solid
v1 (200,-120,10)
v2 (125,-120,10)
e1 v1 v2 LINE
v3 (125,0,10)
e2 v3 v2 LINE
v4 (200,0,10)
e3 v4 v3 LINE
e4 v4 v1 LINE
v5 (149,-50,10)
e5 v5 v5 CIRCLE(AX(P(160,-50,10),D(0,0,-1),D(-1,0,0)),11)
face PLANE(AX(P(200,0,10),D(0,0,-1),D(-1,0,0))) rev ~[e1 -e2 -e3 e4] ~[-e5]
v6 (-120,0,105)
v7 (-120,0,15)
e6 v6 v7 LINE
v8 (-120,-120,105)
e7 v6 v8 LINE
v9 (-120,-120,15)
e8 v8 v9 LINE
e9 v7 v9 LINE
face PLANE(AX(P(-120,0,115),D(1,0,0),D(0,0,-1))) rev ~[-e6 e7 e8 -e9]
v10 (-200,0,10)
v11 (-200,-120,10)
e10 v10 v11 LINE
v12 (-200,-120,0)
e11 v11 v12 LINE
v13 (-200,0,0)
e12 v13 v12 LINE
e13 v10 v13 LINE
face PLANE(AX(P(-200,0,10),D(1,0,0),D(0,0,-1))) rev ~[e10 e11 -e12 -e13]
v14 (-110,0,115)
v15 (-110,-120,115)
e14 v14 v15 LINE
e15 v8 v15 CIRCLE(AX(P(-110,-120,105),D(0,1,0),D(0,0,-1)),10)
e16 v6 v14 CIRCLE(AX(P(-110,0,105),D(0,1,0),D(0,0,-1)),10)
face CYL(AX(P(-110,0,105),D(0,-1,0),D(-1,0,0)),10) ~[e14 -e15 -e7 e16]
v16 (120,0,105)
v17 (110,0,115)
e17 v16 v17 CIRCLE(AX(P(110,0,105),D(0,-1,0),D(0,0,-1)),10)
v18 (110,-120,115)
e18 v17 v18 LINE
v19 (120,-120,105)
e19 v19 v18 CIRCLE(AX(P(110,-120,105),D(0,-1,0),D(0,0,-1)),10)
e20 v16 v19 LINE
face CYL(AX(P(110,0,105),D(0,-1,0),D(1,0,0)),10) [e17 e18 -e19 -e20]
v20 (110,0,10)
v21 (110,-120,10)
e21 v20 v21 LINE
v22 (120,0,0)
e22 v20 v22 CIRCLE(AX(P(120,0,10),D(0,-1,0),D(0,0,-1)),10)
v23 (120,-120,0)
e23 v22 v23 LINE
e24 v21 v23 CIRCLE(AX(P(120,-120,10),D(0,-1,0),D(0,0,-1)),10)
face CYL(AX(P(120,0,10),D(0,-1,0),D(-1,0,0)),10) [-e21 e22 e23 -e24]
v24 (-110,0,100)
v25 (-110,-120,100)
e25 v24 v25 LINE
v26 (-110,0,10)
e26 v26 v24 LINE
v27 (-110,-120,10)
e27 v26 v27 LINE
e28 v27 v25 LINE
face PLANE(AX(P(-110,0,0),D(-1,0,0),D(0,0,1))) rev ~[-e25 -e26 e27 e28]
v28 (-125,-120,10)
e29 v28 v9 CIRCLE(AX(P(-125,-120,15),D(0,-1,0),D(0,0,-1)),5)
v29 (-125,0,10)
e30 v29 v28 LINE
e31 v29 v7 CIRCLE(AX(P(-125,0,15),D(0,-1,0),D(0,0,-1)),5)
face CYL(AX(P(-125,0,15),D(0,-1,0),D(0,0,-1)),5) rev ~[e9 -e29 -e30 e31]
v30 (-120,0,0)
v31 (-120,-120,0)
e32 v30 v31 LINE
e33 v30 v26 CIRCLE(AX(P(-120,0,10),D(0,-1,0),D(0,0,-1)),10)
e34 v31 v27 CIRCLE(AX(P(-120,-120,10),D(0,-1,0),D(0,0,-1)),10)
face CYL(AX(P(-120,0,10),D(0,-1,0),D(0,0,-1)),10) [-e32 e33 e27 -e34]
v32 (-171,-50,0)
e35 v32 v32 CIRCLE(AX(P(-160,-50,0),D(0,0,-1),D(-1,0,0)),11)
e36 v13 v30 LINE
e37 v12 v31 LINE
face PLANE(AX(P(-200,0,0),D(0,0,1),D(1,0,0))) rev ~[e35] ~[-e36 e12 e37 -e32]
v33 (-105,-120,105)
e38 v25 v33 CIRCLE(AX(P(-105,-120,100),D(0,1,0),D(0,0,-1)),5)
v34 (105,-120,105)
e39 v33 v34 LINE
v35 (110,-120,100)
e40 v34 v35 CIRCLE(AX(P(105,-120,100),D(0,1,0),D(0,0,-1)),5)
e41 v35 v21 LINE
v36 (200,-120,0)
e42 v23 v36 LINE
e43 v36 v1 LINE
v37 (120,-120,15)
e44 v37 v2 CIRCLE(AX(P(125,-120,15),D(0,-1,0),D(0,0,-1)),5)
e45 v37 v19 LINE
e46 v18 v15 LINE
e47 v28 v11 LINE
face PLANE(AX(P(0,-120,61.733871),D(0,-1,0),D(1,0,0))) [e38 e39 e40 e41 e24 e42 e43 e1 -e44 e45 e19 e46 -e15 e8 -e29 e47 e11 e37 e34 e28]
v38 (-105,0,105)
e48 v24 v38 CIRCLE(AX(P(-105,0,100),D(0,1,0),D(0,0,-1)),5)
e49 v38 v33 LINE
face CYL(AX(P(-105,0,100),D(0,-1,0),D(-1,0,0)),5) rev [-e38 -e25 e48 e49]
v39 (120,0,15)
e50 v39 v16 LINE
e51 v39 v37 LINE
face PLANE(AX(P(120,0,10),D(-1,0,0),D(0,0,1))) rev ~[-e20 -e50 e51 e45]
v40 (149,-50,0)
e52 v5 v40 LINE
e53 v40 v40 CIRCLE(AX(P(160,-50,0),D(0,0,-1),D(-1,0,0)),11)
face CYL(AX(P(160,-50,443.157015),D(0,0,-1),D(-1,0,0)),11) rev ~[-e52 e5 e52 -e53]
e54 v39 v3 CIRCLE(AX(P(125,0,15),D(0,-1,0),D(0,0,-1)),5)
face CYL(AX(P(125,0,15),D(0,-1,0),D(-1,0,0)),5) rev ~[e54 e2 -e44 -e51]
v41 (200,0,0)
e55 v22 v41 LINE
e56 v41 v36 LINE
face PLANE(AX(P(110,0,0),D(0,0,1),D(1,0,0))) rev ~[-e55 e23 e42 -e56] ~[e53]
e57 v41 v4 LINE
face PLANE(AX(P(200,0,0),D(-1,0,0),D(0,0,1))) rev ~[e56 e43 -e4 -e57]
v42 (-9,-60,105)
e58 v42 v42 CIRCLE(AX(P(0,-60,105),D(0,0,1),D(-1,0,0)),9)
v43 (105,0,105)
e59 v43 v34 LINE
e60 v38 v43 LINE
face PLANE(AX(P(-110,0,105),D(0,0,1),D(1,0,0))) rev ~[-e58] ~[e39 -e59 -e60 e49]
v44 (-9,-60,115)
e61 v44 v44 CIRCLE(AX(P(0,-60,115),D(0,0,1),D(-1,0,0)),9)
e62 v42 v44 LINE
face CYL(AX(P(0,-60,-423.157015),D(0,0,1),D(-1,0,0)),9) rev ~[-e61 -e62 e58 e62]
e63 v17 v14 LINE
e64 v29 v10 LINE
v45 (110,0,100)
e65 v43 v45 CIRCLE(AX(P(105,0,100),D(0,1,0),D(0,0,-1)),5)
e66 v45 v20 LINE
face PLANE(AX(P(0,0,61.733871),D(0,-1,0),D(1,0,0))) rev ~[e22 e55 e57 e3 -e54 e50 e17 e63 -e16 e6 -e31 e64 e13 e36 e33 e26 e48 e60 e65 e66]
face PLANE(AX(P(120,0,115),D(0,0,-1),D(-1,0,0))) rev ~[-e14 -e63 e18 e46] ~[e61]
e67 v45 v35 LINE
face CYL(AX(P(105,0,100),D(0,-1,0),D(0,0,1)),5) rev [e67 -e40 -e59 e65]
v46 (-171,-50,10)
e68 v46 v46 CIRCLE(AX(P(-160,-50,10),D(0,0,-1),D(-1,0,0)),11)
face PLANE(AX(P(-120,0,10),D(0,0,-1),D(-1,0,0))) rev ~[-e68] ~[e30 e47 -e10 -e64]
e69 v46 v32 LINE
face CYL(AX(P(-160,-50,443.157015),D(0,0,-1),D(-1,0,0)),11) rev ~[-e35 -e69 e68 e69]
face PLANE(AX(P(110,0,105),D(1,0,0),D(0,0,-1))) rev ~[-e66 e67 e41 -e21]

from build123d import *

# Parameters (mm, degrees)
F1_DEPTH = 120
F3_D     = 22
F4_D     = 18
F5_R     = 10
F6_R     = 5


with BuildPart() as f1:
    # F0 (on Front) → F1 (new body)
    with BuildSketch(Plane.XZ):
        Polygon((-200, 10), (-200, 0), (-110, 0), (-110, 105), (110, 105), (110, 0), (200, 0), (200, 10), (120, 10), (120, 115), (-120, 115), (-120, 10), align=None)
    extrude(amount=F1_DEPTH)

    # F3 (through all)
    with Locations(Plane.XY.offset(10)):
        with Locations((160, -50), (-160, -50)):
            Hole(F3_D / 2)

    # F4 (through all)
    with Locations(Plane(origin=(0, 0, 10), x_dir=(1, 0, 0), z_dir=(0, 0, -1))):
        with Locations((0, 60)):
            Hole(F4_D / 2)

    # F5
    f5_edges = [f1.edges().sort_by_distance(p)[0] for p in [
        (-120, -60, 115),
        (120, -60, 115),
        (110, -60, 0),
        (-110, -60, 0),
    ]]
    fillet(f5_edges, radius=F5_R)

    # F6
    f6_edges = [f1.edges().sort_by_distance(p)[0] for p in [
        (-110, -60, 105),
        (110, -60, 105),
        (120, -60, 10),
        (-120, -60, 10),
    ]]
    fillet(f6_edges, radius=F6_R)


solid = f1.part
